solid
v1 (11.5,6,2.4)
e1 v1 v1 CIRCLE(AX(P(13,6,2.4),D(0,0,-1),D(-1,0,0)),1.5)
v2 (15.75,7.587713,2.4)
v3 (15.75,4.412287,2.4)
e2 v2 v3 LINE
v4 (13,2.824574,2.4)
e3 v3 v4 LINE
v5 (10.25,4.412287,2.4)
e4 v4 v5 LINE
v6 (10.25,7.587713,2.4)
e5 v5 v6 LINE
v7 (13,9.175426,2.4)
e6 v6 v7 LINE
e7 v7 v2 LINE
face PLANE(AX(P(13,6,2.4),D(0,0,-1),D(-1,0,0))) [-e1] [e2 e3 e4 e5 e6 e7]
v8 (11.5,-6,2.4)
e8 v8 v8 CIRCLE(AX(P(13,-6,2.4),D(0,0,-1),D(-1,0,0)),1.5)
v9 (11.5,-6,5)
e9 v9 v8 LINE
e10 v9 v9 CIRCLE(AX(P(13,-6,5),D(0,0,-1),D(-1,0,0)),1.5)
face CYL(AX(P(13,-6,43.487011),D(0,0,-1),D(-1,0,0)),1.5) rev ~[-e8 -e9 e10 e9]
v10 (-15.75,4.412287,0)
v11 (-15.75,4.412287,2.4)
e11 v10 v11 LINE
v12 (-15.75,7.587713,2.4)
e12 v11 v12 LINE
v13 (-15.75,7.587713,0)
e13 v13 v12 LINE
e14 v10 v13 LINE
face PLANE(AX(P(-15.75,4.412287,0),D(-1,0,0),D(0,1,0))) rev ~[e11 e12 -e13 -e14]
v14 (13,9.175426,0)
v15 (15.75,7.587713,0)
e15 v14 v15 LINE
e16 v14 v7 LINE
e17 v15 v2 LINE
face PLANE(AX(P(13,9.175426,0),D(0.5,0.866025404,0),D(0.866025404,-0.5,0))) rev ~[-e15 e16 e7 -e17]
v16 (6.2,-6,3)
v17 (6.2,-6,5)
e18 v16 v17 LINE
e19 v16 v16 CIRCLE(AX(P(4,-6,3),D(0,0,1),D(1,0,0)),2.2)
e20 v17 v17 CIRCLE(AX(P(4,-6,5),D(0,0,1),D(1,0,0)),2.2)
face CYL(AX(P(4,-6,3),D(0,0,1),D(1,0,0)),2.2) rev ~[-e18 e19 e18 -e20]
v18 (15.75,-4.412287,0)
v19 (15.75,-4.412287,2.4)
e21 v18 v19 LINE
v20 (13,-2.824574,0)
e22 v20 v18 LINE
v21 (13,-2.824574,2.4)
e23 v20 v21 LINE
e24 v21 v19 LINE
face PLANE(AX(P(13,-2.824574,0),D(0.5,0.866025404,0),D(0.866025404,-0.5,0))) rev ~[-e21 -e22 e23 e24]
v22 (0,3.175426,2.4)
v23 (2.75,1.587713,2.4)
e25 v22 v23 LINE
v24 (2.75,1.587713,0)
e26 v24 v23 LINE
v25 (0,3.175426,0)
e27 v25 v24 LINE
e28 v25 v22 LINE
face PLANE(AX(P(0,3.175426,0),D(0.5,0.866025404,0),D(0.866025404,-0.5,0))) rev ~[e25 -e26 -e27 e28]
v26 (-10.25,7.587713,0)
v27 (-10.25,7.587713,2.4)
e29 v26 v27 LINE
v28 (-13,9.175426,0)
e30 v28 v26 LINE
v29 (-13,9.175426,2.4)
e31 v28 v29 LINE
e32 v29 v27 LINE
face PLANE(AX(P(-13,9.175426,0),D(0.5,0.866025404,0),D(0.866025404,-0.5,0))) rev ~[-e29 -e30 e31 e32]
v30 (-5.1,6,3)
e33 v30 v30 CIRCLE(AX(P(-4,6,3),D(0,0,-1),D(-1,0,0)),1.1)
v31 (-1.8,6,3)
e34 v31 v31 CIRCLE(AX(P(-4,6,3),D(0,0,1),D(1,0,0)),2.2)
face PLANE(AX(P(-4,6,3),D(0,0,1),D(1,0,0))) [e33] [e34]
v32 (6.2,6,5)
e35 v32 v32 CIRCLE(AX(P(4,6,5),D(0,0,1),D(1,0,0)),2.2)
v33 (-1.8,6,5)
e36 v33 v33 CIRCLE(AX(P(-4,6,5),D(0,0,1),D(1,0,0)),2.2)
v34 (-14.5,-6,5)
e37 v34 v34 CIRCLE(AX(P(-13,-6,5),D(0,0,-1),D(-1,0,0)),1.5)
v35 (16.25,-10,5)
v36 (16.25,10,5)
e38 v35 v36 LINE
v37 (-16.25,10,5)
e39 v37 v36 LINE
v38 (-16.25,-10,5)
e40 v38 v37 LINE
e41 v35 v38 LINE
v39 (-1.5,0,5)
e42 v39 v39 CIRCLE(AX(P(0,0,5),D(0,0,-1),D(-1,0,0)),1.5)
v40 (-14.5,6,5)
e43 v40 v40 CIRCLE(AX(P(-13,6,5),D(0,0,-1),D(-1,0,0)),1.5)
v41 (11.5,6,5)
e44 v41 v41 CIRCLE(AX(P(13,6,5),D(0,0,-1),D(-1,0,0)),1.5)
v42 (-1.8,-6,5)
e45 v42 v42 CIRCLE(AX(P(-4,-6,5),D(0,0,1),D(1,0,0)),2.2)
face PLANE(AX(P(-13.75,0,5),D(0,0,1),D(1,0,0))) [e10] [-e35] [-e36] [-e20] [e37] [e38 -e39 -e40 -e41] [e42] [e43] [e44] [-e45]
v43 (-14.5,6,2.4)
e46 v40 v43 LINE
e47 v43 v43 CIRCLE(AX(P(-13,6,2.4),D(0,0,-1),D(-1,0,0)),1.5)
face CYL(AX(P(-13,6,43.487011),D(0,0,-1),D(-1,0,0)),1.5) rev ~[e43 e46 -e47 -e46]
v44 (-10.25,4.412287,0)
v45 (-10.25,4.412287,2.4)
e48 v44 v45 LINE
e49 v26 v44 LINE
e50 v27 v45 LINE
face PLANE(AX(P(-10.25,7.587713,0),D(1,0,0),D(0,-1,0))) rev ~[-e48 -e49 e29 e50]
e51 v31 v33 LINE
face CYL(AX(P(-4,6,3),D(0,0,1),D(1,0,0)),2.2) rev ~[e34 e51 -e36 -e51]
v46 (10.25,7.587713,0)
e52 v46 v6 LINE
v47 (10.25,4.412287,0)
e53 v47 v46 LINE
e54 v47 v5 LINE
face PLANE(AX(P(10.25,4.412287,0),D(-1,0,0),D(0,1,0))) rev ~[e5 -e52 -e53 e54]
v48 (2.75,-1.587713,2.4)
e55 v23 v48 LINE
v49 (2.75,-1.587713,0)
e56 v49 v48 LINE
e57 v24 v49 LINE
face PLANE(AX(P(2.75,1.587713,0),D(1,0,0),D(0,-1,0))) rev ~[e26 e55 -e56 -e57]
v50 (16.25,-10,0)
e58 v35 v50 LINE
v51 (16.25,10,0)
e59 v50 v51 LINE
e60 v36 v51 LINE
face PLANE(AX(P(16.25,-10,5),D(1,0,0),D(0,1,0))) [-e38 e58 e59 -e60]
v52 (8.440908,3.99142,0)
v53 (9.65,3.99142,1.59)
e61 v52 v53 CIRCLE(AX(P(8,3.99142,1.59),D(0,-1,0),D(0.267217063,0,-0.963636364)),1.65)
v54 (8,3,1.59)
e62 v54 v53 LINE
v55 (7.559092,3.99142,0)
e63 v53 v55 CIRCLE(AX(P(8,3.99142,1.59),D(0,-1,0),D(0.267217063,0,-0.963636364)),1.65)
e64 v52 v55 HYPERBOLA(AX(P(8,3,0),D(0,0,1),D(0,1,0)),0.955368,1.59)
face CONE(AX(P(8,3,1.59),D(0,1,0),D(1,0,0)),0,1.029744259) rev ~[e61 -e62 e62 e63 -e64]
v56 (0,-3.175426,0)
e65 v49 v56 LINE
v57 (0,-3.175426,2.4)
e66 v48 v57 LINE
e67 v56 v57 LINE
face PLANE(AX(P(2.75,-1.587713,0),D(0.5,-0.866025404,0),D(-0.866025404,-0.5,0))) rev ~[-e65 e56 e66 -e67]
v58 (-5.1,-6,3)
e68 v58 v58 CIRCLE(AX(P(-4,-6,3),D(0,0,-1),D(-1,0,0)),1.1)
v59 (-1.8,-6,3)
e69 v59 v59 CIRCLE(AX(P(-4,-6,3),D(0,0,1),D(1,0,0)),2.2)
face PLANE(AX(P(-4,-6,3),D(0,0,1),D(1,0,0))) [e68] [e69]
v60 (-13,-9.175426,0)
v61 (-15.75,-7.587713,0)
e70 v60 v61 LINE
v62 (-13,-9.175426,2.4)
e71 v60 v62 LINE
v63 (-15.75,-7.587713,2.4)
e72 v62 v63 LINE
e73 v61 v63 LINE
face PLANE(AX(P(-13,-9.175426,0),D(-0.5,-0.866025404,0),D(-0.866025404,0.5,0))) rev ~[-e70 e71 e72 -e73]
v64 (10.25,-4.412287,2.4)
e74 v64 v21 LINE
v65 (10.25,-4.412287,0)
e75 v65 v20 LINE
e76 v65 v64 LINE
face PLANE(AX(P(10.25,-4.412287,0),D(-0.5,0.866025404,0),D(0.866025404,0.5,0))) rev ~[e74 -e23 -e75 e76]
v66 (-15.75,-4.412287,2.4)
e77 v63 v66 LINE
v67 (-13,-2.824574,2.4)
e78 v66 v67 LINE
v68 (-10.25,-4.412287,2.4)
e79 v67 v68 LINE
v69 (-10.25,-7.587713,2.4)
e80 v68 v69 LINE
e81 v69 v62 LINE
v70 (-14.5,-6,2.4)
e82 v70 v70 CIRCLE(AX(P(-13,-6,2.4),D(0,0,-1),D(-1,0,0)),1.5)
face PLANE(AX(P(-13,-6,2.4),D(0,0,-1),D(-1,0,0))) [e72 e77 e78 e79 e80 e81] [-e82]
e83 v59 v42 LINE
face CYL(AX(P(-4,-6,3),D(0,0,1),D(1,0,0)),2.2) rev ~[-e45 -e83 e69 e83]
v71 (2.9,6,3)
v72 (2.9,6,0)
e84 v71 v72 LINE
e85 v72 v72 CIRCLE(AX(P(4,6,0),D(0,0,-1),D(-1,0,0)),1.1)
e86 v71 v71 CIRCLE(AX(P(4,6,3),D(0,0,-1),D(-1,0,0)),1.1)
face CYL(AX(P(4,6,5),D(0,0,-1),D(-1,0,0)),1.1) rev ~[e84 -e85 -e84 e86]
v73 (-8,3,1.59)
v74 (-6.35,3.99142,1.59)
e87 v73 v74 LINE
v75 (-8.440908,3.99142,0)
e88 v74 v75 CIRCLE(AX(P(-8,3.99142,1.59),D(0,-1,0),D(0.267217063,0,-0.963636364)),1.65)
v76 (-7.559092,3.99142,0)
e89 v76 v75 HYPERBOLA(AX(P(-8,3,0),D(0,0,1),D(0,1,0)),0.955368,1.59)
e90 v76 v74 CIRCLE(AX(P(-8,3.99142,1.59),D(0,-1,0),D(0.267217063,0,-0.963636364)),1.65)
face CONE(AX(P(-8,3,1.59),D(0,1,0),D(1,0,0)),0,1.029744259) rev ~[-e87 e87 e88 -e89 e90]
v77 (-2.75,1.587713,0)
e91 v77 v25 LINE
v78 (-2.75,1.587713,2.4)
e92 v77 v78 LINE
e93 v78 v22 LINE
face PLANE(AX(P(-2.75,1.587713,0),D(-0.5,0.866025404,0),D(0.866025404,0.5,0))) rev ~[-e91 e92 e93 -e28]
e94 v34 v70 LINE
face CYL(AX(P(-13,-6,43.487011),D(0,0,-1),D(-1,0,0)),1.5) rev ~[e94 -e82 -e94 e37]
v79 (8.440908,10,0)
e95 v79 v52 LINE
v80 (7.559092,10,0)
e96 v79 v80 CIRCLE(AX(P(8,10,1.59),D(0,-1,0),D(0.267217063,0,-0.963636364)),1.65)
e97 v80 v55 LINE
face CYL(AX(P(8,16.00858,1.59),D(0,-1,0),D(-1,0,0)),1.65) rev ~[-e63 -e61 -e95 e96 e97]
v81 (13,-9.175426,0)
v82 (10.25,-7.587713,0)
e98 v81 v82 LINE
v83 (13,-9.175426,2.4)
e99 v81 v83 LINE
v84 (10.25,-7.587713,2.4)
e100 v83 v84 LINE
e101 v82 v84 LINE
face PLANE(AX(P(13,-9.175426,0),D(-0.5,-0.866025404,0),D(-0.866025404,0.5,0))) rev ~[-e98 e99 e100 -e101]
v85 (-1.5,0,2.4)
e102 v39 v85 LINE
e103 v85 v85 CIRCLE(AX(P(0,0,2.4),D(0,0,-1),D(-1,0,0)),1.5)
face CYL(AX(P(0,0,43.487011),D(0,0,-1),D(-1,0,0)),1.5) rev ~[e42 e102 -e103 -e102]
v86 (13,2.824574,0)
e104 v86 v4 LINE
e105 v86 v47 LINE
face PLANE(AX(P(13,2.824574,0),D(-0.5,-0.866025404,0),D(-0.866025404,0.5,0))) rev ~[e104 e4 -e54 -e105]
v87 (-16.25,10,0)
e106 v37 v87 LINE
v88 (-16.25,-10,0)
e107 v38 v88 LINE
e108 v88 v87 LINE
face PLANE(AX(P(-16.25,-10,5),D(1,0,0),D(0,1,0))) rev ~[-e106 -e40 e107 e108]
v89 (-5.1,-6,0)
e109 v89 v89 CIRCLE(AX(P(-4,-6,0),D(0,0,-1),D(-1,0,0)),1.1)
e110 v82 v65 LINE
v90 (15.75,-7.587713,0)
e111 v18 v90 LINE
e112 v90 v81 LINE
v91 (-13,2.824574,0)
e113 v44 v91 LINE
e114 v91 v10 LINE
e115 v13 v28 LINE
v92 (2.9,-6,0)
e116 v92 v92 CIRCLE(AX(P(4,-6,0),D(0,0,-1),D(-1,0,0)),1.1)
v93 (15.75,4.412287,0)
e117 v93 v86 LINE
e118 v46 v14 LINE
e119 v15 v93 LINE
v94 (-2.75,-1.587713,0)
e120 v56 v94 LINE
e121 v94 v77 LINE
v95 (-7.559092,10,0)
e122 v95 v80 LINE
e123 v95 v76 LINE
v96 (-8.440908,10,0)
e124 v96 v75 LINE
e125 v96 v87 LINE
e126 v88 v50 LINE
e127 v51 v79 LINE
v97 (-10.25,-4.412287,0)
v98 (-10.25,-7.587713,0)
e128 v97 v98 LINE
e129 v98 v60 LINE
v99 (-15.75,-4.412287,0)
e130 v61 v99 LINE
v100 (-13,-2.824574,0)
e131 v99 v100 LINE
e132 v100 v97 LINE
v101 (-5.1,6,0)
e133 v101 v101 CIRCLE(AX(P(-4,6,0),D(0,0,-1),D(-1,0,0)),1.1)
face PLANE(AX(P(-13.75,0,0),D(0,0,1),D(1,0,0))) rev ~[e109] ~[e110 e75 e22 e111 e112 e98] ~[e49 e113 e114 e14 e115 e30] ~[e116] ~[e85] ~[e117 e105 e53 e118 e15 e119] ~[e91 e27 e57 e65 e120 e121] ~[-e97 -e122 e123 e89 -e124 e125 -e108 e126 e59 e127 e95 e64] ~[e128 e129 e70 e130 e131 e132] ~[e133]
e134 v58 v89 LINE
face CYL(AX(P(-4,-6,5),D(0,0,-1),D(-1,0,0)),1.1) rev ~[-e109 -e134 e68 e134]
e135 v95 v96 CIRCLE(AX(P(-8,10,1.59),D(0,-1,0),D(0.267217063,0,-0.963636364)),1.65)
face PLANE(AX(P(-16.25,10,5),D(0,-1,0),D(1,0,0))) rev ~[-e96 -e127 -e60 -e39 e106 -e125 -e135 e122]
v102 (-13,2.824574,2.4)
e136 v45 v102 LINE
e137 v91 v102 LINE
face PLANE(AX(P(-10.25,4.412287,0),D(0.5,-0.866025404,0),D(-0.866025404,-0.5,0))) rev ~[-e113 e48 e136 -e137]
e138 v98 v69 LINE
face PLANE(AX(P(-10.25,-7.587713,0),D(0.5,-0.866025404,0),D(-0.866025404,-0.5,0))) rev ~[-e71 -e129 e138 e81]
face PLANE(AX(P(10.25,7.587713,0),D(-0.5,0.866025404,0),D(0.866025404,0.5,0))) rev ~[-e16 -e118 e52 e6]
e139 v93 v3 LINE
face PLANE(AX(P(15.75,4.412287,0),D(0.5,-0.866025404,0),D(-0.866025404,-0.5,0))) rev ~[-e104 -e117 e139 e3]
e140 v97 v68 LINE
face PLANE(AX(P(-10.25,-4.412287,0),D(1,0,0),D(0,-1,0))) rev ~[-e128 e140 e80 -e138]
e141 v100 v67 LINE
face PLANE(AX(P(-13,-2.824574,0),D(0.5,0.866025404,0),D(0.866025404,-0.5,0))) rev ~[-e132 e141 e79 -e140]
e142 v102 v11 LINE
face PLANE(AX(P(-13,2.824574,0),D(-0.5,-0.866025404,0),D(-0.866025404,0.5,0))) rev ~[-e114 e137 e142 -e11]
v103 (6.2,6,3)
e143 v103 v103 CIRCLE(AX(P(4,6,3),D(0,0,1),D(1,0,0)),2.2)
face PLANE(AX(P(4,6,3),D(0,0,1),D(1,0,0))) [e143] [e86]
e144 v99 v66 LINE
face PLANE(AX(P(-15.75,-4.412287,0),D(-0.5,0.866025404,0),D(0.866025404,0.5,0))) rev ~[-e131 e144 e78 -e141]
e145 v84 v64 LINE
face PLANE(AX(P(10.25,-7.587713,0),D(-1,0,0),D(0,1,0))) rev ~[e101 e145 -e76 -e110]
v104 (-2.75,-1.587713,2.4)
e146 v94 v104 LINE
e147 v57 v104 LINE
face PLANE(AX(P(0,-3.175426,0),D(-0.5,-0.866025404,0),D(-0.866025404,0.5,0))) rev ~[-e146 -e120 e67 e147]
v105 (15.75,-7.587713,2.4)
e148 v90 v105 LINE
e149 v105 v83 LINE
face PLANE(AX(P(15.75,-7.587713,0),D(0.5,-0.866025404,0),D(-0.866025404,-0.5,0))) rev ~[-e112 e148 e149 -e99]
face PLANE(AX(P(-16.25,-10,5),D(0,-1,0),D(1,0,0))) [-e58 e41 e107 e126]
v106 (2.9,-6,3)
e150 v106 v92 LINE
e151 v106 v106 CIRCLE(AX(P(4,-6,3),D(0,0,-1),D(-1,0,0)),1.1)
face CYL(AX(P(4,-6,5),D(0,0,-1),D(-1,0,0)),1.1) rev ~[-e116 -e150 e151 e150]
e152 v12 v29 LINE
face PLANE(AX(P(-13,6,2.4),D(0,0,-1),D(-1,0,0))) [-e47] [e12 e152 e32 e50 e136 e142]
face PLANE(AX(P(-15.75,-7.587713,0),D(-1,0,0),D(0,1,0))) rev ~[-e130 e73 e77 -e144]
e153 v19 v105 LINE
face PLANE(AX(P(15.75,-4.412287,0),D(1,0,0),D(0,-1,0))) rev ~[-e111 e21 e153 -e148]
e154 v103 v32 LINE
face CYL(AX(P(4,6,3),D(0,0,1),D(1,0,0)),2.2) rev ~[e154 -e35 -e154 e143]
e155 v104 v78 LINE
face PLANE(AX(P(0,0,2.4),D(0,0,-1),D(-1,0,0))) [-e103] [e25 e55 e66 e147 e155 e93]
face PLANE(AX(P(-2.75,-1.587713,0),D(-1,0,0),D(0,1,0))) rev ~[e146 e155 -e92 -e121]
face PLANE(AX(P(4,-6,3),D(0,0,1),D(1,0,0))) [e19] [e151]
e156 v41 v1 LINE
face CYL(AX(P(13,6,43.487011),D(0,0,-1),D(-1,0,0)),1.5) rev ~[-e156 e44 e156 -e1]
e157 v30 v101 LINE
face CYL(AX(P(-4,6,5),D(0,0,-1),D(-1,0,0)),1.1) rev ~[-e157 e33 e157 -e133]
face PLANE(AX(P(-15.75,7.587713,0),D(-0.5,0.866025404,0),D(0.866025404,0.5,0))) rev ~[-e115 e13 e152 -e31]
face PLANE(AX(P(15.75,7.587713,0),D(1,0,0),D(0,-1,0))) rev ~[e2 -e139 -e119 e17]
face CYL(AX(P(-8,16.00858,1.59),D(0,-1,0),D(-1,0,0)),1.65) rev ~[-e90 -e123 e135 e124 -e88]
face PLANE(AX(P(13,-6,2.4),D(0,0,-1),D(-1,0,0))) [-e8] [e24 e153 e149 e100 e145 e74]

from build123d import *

# Parameters (mm, degrees)
SKETCH1_W                       = 22.5
SKETCH1_H                       = 20
BOSS_EXTRUDE1_DEPTH             = 5
CBORE_FOR_M2_SHCS1_D            = 2.2
CBORE_FOR_M2_SHCS1_CBORE_D      = 4.4
CBORE_FOR_M2_SHCS1_CBORE_DEPTH  = 2
TAP_DRILL_FOR_M2X0_4_TAP1_D     = 3.3
TAP_DRILL_FOR_M2X0_4_TAP1_DEPTH = 6.008579979
TAP_DRILL_FOR_M2X0_4_TAP1_TIP   = 0.991420021
SKETCH9_W                       = 5
SKETCH9_H                       = 20
BOSS_EXTRUDE2_DEPTH             = 5
F_3_0MM_DOWEL_HOLE1_D           = 3
CUT_EXTRUDE1_DEPTH              = 2.4


with BuildPart() as part:
    # Sketch1 → Boss-Extrude1 (new body)
    with BuildSketch(Plane.XY):
        Rectangle(SKETCH1_W, SKETCH1_H)
    extrude(amount=BOSS_EXTRUDE1_DEPTH)

    # CBORE for M2 SHCS1 (through all)
    with Locations(Plane.XY.offset(5)):
        with Locations((4, 6), (-4, -6), (-4, 6), (4, -6)):
            CounterBoreHole(CBORE_FOR_M2_SHCS1_D / 2, CBORE_FOR_M2_SHCS1_CBORE_D / 2, CBORE_FOR_M2_SHCS1_CBORE_DEPTH)

    # Tap Drill for M2x0.4 Tap1
    with Locations(Plane(origin=(0, 10, 0), x_dir=(1, 0, 0), z_dir=(0, 1, 0))):
        with Locations((8, -1.59), (-8, -1.59)):
            Hole(TAP_DRILL_FOR_M2X0_4_TAP1_D / 2, depth=TAP_DRILL_FOR_M2X0_4_TAP1_DEPTH)
            with Locations((0, 0, -(TAP_DRILL_FOR_M2X0_4_TAP1_DEPTH + TAP_DRILL_FOR_M2X0_4_TAP1_TIP / 2))):  # 118° drill point
                Cone(0, TAP_DRILL_FOR_M2X0_4_TAP1_D / 2, TAP_DRILL_FOR_M2X0_4_TAP1_TIP, mode=Mode.SUBTRACT)

    # Sketch9 → Boss-Extrude2 (add)
    with BuildSketch(Plane.XY.offset(5)):
        with Locations((-13.75, 0)):
            Rectangle(SKETCH9_W, SKETCH9_H)
        with Locations((13.75, 0)):
            Rectangle(SKETCH9_W, SKETCH9_H)
    extrude(amount=-BOSS_EXTRUDE2_DEPTH)

    # Ø3.0mm Dowel Hole1 (through all)
    with Locations(Plane.XY.offset(5)):
        with Locations((0, 0), (-13, 6), (-13, -6), (13, -6), (13, 6)):
            Hole(F_3_0MM_DOWEL_HOLE1_D / 2)

    # Sketch12 → Cut-Extrude1 (cut)
    with BuildSketch(Plane(origin=(0, 0, 0), x_dir=(-1, 0, 0), z_dir=(0, 0, -1))):
        Polygon((-13, 2.824573519), (-10.25, 4.41228676), (-10.25, 7.58771324), (-13, 9.175426481), (-15.75, 7.58771324), (-15.75, 4.41228676), align=None)
        Polygon((0, -3.175426481), (2.75, -1.58771324), (2.75, 1.58771324), (0, 3.175426481), (-2.75, 1.58771324), (-2.75, -1.58771324), align=None)
        Polygon((13, 2.824573519), (15.75, 4.41228676), (15.75, 7.58771324), (13, 9.175426481), (10.25, 7.58771324), (10.25, 4.41228676), align=None)
        Polygon((13, -2.824573519), (10.25, -4.41228676), (10.25, -7.58771324), (13, -9.175426481), (15.75, -7.58771324), (15.75, -4.41228676), align=None)
        Polygon((-13, -2.824573519), (-15.75, -4.41228676), (-15.75, -7.58771324), (-13, -9.175426481), (-10.25, -7.58771324), (-10.25, -4.41228676), align=None)
    extrude(amount=-CUT_EXTRUDE1_DEPTH, mode=Mode.SUBTRACT)


solid = part.part
